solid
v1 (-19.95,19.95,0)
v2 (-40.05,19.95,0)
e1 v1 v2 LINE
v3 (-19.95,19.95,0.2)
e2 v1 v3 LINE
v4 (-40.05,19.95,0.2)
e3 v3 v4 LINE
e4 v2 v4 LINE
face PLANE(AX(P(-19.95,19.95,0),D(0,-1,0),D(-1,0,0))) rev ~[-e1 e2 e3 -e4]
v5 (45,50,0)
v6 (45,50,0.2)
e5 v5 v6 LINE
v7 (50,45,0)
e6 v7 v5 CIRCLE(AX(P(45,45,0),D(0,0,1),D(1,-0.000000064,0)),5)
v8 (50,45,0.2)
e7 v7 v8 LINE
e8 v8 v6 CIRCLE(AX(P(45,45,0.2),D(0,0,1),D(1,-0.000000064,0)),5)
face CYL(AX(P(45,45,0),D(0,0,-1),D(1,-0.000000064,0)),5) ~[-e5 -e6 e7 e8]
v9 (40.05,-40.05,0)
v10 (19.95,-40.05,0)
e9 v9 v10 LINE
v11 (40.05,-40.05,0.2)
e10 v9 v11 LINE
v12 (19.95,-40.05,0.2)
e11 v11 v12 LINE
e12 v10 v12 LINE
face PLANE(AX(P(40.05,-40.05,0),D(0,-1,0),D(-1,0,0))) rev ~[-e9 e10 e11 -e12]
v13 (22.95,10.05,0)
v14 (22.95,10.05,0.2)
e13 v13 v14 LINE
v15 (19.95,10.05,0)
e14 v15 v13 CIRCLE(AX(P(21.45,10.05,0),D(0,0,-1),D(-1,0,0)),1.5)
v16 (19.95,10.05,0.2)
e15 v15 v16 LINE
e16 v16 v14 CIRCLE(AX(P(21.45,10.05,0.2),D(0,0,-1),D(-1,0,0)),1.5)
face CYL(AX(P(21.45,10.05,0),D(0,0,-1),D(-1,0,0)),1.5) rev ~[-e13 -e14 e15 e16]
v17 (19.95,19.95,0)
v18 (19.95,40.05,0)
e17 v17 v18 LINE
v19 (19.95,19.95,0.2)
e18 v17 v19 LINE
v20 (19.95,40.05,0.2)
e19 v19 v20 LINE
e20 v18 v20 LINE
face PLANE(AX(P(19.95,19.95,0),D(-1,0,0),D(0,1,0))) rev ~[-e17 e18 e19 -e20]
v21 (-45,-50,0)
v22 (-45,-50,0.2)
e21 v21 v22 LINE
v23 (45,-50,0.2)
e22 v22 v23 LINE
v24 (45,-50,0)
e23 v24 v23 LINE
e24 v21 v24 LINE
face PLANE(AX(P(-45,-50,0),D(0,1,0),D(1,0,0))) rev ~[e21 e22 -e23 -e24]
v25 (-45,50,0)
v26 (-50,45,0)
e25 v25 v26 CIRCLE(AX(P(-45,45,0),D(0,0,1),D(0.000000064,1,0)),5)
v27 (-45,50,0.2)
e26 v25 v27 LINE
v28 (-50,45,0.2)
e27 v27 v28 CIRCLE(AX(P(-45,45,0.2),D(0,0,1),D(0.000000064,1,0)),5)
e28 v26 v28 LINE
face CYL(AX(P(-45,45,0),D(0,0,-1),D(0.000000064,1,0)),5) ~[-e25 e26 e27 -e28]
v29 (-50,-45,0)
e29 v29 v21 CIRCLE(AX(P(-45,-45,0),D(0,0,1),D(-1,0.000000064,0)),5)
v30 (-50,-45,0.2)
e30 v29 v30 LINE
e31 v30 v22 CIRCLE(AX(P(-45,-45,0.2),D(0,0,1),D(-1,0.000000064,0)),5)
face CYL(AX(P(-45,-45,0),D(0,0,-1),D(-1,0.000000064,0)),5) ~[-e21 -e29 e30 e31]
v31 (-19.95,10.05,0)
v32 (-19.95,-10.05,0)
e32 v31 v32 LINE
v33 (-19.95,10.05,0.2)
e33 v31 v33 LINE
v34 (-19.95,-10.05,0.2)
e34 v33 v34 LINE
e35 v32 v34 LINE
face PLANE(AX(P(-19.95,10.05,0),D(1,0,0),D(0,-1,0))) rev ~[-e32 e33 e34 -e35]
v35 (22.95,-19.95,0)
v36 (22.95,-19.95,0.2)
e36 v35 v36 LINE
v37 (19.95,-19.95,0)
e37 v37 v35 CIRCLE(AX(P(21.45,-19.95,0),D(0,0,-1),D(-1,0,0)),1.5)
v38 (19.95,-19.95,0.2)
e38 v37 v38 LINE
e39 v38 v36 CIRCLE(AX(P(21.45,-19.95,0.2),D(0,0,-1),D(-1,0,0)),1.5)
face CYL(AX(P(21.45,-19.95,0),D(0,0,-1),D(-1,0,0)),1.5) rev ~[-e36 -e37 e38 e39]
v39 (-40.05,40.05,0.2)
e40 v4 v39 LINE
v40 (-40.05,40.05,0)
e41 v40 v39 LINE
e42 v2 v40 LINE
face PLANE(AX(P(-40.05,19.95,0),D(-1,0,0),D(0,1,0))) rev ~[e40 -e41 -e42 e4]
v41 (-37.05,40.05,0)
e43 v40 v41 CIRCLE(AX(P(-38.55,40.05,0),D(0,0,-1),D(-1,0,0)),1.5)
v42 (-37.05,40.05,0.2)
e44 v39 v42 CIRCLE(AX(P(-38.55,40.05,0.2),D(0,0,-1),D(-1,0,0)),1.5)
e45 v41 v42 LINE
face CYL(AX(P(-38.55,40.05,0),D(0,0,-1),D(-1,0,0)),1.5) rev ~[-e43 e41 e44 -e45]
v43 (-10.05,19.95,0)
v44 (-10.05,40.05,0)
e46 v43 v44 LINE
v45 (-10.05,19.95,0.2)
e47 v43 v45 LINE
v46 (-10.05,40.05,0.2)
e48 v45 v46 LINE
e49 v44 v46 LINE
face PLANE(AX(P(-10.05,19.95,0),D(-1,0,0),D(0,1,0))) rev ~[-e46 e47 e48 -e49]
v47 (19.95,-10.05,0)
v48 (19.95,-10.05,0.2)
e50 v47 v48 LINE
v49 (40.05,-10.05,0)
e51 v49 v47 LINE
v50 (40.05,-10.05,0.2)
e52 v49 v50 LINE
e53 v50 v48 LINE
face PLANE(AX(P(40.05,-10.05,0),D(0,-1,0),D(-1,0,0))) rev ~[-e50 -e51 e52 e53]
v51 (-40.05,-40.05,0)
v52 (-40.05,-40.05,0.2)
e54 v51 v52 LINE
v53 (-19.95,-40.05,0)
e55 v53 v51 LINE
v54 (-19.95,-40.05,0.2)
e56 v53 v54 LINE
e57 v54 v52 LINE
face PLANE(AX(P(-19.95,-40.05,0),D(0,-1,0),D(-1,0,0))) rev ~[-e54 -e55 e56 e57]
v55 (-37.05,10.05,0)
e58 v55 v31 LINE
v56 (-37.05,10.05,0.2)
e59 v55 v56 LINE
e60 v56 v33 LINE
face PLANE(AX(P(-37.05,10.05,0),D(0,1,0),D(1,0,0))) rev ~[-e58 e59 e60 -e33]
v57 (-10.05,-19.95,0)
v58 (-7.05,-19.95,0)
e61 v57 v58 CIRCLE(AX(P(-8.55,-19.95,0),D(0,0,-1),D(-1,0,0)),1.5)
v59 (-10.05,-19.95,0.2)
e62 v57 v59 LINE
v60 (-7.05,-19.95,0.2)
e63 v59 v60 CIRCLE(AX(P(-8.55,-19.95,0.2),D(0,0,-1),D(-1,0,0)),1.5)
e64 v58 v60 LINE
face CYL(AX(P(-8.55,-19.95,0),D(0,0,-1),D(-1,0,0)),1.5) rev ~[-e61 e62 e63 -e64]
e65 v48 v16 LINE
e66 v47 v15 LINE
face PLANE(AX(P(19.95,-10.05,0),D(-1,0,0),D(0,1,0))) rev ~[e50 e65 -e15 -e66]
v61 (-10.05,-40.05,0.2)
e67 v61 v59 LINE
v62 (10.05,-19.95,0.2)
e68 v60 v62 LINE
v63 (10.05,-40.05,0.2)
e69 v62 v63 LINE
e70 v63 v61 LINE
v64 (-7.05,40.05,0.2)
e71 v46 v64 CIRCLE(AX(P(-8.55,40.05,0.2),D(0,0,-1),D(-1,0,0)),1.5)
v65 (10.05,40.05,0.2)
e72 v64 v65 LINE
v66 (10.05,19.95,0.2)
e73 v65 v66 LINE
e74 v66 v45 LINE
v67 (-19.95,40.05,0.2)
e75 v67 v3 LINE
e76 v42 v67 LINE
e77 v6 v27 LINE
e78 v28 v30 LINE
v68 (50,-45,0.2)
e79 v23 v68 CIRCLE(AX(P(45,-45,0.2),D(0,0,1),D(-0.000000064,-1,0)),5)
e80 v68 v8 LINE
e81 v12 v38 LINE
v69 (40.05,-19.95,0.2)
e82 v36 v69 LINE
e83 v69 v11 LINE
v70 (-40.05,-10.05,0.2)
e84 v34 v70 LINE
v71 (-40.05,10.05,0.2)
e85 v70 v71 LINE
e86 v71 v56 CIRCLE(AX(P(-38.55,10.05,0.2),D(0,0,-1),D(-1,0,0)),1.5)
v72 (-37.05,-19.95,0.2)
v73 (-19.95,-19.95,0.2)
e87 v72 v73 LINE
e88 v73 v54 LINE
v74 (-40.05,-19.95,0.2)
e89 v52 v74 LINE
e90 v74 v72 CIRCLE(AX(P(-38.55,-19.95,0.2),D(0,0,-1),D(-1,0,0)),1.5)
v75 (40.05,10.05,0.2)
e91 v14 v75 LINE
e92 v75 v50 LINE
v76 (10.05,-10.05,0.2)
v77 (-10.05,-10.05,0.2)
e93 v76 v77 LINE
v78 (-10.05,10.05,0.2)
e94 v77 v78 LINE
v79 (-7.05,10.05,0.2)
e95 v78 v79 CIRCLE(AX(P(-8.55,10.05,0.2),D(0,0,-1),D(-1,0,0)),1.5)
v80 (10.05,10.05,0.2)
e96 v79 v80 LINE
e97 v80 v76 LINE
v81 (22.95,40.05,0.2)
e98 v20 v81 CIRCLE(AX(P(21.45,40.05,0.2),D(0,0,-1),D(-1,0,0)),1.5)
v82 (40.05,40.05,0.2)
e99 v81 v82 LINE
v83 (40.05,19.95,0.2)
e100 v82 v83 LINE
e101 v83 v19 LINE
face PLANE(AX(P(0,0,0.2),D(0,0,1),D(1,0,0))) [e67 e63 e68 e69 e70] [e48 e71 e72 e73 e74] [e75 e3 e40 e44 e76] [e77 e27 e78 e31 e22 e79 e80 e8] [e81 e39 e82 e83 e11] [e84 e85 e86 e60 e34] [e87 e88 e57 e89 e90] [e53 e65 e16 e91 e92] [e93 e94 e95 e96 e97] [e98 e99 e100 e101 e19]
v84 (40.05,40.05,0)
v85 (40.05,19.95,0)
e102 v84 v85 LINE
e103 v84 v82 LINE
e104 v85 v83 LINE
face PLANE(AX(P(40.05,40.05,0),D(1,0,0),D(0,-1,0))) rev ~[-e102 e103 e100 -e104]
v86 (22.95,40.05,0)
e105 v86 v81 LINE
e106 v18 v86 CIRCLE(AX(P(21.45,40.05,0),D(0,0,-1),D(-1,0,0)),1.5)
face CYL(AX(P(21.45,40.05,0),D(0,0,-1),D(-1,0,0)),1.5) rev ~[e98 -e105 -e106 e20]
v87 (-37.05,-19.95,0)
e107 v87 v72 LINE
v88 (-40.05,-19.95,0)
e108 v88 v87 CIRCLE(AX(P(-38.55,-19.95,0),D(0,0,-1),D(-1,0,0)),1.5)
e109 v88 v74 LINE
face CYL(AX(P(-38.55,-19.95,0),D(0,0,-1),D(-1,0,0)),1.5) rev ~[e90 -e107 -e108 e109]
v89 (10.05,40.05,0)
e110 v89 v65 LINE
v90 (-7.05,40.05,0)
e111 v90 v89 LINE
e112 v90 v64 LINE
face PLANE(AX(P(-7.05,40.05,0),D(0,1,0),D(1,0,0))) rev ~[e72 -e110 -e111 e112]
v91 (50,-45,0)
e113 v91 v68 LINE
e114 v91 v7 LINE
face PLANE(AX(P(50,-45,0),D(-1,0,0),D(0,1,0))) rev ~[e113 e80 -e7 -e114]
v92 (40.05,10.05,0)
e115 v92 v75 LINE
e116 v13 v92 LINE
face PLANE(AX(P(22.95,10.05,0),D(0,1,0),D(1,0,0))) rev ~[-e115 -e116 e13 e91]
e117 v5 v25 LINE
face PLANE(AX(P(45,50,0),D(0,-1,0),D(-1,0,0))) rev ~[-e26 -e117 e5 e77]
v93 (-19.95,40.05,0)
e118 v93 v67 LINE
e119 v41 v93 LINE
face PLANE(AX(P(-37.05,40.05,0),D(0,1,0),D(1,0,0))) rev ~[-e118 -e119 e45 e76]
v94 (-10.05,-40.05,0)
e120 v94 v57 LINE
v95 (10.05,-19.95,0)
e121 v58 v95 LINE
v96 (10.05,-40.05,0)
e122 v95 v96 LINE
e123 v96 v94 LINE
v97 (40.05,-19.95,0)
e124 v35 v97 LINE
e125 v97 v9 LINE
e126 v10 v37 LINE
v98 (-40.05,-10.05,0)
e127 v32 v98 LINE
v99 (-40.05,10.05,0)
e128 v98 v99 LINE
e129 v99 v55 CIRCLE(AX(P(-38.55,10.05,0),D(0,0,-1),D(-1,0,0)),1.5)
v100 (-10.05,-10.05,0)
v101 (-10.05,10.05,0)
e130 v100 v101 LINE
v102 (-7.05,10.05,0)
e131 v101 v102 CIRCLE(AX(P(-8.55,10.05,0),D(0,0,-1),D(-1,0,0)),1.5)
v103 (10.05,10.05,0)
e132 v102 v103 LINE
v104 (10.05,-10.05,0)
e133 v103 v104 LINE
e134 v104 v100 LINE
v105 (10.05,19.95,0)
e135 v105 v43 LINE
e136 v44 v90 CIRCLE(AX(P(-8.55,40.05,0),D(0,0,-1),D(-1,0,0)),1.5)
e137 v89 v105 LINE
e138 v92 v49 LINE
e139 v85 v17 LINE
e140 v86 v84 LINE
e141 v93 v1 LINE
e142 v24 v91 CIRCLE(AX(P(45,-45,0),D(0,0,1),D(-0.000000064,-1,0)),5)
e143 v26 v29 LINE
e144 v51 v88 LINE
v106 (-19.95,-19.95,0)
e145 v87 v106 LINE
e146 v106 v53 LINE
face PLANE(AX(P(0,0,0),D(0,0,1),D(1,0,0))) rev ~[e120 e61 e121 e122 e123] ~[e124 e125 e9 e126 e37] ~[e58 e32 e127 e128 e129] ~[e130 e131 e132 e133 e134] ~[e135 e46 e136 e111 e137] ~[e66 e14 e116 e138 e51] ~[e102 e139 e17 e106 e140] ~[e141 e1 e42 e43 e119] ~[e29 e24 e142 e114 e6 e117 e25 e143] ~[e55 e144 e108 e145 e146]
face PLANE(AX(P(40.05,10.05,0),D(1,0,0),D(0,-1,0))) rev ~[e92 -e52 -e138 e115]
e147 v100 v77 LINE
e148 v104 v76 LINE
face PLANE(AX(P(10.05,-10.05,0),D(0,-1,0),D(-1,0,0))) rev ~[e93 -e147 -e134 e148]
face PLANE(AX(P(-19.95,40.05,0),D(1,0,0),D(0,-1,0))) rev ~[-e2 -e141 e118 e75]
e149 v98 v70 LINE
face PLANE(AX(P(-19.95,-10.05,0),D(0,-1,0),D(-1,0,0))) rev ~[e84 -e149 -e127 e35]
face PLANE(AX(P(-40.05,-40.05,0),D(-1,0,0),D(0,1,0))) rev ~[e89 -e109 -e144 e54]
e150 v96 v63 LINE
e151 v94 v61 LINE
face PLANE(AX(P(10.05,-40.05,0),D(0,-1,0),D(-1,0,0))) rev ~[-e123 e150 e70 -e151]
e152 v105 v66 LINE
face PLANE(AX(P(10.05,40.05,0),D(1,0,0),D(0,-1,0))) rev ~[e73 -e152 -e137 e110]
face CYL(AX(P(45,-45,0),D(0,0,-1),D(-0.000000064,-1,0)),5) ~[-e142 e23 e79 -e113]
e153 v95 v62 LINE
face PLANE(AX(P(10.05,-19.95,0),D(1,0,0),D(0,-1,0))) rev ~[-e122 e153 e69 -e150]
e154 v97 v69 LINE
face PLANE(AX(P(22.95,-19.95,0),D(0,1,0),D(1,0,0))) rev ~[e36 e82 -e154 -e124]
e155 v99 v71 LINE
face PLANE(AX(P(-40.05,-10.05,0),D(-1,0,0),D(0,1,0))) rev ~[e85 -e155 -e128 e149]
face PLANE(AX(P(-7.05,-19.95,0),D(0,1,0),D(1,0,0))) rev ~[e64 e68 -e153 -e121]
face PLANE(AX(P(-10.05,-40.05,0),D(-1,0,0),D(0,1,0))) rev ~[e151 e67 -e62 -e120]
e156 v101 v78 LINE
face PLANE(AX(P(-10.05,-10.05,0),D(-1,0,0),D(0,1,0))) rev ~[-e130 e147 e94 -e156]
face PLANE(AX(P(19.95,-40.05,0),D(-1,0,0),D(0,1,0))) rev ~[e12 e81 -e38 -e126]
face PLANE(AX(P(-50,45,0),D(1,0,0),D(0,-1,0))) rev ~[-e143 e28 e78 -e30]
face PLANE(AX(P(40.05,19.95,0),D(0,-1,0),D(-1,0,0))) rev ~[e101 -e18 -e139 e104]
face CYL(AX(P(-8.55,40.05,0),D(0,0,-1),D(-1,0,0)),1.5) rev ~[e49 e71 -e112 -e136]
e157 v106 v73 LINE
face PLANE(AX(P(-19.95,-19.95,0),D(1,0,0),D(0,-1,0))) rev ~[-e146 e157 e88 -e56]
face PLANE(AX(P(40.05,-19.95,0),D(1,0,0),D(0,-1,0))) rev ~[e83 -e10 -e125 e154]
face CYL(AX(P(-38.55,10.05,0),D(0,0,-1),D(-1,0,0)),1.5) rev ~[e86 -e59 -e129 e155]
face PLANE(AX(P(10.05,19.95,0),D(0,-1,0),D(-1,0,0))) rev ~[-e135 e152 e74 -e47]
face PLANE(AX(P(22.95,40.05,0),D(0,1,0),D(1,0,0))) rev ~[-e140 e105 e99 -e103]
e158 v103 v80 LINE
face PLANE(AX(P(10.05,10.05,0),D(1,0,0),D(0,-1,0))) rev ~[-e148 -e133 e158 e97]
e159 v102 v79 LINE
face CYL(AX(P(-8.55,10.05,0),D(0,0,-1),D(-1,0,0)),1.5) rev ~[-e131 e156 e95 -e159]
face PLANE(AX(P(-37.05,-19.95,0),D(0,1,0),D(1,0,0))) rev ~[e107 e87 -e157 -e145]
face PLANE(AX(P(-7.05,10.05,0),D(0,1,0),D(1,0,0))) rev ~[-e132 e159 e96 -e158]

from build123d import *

# Parameters (mm, degrees)
F1_DEPTH = 0.2


with BuildPart() as f1:
    # F0 (on Top) → F1 (new body)
    with BuildSketch(Plane.XY):
        with BuildLine():
            Line((-45, -50), (45, -50))
            ThreePointArc((45, -50), (48.535534, -48.535534), (50, -45))
            Line((50, -45), (50, 45))
            ThreePointArc((50, 45), (48.535534, 48.535534), (45, 50))
            Line((45, 50), (-45, 50))
            ThreePointArc((-45, 50), (-48.535534, 48.535534), (-50, 45))
            Line((-50, 45), (-50, -45))
            ThreePointArc((-50, -45), (-48.535534, -48.535534), (-45, -50))
        make_face()
        with BuildLine():
            Line((-37.05, -19.95), (-19.95, -19.95))
            Line((-19.95, -19.95), (-19.95, -40.05))
            Line((-19.95, -40.05), (-40.05, -40.05))
            Line((-40.05, -40.05), (-40.05, -19.95))
            ThreePointArc((-40.05, -19.95), (-38.55, -18.45), (-37.05, -19.95))
        make_face(mode=Mode.SUBTRACT)
        with BuildLine():
            Line((-7.05, -19.95), (10.05, -19.95))
            Line((10.05, -19.95), (10.05, -40.05))
            Line((10.05, -40.05), (-10.05, -40.05))
            Line((-10.05, -40.05), (-10.05, -19.95))
            ThreePointArc((-10.05, -19.95), (-8.55, -18.45), (-7.05, -19.95))
        make_face(mode=Mode.SUBTRACT)
        with BuildLine():
            Line((22.95, -19.95), (40.05, -19.95))
            Line((40.05, -19.95), (40.05, -40.05))
            Line((40.05, -40.05), (19.95, -40.05))
            Line((19.95, -40.05), (19.95, -19.95))
            ThreePointArc((19.95, -19.95), (21.45, -18.45), (22.95, -19.95))
        make_face(mode=Mode.SUBTRACT)
        with BuildLine():
            Line((-37.05, 10.05), (-19.95, 10.05))
            Line((-19.95, 10.05), (-19.95, -10.05))
            Line((-19.95, -10.05), (-40.05, -10.05))
            Line((-40.05, -10.05), (-40.05, 10.05))
            ThreePointArc((-40.05, 10.05), (-38.55, 11.55), (-37.05, 10.05))
        make_face(mode=Mode.SUBTRACT)
        with BuildLine():
            Line((-19.95, 40.05), (-19.95, 19.95))
            Line((-19.95, 19.95), (-40.05, 19.95))
            Line((-40.05, 19.95), (-40.05, 40.05))
            ThreePointArc((-40.05, 40.05), (-38.55, 41.55), (-37.05, 40.05))
            Line((-37.05, 40.05), (-19.95, 40.05))
        make_face(mode=Mode.SUBTRACT)
        with BuildLine():
            Line((-7.05, 10.05), (10.05, 10.05))
            Line((10.05, 10.05), (10.05, -10.05))
            Line((10.05, -10.05), (-10.05, -10.05))
            Line((-10.05, -10.05), (-10.05, 10.05))
            ThreePointArc((-10.05, 10.05), (-8.55, 11.55), (-7.05, 10.05))
        make_face(mode=Mode.SUBTRACT)
        with BuildLine():
            Line((22.95, 10.05), (40.05, 10.05))
            Line((40.05, 10.05), (40.05, -10.05))
            Line((40.05, -10.05), (19.95, -10.05))
            Line((19.95, -10.05), (19.95, 10.05))
            ThreePointArc((19.95, 10.05), (21.45, 11.55), (22.95, 10.05))
        make_face(mode=Mode.SUBTRACT)
        with BuildLine():
            Line((-7.05, 40.05), (10.05, 40.05))
            Line((10.05, 40.05), (10.05, 19.95))
            Line((10.05, 19.95), (-10.05, 19.95))
            Line((-10.05, 19.95), (-10.05, 40.05))
            ThreePointArc((-10.05, 40.05), (-8.55, 41.55), (-7.05, 40.05))
        make_face(mode=Mode.SUBTRACT)
        with BuildLine():
            Line((22.95, 40.05), (40.05, 40.05))
            Line((40.05, 40.05), (40.05, 19.95))
            Line((40.05, 19.95), (19.95, 19.95))
            Line((19.95, 19.95), (19.95, 40.05))
            ThreePointArc((19.95, 40.05), (21.45, 41.55), (22.95, 40.05))
        make_face(mode=Mode.SUBTRACT)
    extrude(amount=F1_DEPTH)


solid = f1.part
